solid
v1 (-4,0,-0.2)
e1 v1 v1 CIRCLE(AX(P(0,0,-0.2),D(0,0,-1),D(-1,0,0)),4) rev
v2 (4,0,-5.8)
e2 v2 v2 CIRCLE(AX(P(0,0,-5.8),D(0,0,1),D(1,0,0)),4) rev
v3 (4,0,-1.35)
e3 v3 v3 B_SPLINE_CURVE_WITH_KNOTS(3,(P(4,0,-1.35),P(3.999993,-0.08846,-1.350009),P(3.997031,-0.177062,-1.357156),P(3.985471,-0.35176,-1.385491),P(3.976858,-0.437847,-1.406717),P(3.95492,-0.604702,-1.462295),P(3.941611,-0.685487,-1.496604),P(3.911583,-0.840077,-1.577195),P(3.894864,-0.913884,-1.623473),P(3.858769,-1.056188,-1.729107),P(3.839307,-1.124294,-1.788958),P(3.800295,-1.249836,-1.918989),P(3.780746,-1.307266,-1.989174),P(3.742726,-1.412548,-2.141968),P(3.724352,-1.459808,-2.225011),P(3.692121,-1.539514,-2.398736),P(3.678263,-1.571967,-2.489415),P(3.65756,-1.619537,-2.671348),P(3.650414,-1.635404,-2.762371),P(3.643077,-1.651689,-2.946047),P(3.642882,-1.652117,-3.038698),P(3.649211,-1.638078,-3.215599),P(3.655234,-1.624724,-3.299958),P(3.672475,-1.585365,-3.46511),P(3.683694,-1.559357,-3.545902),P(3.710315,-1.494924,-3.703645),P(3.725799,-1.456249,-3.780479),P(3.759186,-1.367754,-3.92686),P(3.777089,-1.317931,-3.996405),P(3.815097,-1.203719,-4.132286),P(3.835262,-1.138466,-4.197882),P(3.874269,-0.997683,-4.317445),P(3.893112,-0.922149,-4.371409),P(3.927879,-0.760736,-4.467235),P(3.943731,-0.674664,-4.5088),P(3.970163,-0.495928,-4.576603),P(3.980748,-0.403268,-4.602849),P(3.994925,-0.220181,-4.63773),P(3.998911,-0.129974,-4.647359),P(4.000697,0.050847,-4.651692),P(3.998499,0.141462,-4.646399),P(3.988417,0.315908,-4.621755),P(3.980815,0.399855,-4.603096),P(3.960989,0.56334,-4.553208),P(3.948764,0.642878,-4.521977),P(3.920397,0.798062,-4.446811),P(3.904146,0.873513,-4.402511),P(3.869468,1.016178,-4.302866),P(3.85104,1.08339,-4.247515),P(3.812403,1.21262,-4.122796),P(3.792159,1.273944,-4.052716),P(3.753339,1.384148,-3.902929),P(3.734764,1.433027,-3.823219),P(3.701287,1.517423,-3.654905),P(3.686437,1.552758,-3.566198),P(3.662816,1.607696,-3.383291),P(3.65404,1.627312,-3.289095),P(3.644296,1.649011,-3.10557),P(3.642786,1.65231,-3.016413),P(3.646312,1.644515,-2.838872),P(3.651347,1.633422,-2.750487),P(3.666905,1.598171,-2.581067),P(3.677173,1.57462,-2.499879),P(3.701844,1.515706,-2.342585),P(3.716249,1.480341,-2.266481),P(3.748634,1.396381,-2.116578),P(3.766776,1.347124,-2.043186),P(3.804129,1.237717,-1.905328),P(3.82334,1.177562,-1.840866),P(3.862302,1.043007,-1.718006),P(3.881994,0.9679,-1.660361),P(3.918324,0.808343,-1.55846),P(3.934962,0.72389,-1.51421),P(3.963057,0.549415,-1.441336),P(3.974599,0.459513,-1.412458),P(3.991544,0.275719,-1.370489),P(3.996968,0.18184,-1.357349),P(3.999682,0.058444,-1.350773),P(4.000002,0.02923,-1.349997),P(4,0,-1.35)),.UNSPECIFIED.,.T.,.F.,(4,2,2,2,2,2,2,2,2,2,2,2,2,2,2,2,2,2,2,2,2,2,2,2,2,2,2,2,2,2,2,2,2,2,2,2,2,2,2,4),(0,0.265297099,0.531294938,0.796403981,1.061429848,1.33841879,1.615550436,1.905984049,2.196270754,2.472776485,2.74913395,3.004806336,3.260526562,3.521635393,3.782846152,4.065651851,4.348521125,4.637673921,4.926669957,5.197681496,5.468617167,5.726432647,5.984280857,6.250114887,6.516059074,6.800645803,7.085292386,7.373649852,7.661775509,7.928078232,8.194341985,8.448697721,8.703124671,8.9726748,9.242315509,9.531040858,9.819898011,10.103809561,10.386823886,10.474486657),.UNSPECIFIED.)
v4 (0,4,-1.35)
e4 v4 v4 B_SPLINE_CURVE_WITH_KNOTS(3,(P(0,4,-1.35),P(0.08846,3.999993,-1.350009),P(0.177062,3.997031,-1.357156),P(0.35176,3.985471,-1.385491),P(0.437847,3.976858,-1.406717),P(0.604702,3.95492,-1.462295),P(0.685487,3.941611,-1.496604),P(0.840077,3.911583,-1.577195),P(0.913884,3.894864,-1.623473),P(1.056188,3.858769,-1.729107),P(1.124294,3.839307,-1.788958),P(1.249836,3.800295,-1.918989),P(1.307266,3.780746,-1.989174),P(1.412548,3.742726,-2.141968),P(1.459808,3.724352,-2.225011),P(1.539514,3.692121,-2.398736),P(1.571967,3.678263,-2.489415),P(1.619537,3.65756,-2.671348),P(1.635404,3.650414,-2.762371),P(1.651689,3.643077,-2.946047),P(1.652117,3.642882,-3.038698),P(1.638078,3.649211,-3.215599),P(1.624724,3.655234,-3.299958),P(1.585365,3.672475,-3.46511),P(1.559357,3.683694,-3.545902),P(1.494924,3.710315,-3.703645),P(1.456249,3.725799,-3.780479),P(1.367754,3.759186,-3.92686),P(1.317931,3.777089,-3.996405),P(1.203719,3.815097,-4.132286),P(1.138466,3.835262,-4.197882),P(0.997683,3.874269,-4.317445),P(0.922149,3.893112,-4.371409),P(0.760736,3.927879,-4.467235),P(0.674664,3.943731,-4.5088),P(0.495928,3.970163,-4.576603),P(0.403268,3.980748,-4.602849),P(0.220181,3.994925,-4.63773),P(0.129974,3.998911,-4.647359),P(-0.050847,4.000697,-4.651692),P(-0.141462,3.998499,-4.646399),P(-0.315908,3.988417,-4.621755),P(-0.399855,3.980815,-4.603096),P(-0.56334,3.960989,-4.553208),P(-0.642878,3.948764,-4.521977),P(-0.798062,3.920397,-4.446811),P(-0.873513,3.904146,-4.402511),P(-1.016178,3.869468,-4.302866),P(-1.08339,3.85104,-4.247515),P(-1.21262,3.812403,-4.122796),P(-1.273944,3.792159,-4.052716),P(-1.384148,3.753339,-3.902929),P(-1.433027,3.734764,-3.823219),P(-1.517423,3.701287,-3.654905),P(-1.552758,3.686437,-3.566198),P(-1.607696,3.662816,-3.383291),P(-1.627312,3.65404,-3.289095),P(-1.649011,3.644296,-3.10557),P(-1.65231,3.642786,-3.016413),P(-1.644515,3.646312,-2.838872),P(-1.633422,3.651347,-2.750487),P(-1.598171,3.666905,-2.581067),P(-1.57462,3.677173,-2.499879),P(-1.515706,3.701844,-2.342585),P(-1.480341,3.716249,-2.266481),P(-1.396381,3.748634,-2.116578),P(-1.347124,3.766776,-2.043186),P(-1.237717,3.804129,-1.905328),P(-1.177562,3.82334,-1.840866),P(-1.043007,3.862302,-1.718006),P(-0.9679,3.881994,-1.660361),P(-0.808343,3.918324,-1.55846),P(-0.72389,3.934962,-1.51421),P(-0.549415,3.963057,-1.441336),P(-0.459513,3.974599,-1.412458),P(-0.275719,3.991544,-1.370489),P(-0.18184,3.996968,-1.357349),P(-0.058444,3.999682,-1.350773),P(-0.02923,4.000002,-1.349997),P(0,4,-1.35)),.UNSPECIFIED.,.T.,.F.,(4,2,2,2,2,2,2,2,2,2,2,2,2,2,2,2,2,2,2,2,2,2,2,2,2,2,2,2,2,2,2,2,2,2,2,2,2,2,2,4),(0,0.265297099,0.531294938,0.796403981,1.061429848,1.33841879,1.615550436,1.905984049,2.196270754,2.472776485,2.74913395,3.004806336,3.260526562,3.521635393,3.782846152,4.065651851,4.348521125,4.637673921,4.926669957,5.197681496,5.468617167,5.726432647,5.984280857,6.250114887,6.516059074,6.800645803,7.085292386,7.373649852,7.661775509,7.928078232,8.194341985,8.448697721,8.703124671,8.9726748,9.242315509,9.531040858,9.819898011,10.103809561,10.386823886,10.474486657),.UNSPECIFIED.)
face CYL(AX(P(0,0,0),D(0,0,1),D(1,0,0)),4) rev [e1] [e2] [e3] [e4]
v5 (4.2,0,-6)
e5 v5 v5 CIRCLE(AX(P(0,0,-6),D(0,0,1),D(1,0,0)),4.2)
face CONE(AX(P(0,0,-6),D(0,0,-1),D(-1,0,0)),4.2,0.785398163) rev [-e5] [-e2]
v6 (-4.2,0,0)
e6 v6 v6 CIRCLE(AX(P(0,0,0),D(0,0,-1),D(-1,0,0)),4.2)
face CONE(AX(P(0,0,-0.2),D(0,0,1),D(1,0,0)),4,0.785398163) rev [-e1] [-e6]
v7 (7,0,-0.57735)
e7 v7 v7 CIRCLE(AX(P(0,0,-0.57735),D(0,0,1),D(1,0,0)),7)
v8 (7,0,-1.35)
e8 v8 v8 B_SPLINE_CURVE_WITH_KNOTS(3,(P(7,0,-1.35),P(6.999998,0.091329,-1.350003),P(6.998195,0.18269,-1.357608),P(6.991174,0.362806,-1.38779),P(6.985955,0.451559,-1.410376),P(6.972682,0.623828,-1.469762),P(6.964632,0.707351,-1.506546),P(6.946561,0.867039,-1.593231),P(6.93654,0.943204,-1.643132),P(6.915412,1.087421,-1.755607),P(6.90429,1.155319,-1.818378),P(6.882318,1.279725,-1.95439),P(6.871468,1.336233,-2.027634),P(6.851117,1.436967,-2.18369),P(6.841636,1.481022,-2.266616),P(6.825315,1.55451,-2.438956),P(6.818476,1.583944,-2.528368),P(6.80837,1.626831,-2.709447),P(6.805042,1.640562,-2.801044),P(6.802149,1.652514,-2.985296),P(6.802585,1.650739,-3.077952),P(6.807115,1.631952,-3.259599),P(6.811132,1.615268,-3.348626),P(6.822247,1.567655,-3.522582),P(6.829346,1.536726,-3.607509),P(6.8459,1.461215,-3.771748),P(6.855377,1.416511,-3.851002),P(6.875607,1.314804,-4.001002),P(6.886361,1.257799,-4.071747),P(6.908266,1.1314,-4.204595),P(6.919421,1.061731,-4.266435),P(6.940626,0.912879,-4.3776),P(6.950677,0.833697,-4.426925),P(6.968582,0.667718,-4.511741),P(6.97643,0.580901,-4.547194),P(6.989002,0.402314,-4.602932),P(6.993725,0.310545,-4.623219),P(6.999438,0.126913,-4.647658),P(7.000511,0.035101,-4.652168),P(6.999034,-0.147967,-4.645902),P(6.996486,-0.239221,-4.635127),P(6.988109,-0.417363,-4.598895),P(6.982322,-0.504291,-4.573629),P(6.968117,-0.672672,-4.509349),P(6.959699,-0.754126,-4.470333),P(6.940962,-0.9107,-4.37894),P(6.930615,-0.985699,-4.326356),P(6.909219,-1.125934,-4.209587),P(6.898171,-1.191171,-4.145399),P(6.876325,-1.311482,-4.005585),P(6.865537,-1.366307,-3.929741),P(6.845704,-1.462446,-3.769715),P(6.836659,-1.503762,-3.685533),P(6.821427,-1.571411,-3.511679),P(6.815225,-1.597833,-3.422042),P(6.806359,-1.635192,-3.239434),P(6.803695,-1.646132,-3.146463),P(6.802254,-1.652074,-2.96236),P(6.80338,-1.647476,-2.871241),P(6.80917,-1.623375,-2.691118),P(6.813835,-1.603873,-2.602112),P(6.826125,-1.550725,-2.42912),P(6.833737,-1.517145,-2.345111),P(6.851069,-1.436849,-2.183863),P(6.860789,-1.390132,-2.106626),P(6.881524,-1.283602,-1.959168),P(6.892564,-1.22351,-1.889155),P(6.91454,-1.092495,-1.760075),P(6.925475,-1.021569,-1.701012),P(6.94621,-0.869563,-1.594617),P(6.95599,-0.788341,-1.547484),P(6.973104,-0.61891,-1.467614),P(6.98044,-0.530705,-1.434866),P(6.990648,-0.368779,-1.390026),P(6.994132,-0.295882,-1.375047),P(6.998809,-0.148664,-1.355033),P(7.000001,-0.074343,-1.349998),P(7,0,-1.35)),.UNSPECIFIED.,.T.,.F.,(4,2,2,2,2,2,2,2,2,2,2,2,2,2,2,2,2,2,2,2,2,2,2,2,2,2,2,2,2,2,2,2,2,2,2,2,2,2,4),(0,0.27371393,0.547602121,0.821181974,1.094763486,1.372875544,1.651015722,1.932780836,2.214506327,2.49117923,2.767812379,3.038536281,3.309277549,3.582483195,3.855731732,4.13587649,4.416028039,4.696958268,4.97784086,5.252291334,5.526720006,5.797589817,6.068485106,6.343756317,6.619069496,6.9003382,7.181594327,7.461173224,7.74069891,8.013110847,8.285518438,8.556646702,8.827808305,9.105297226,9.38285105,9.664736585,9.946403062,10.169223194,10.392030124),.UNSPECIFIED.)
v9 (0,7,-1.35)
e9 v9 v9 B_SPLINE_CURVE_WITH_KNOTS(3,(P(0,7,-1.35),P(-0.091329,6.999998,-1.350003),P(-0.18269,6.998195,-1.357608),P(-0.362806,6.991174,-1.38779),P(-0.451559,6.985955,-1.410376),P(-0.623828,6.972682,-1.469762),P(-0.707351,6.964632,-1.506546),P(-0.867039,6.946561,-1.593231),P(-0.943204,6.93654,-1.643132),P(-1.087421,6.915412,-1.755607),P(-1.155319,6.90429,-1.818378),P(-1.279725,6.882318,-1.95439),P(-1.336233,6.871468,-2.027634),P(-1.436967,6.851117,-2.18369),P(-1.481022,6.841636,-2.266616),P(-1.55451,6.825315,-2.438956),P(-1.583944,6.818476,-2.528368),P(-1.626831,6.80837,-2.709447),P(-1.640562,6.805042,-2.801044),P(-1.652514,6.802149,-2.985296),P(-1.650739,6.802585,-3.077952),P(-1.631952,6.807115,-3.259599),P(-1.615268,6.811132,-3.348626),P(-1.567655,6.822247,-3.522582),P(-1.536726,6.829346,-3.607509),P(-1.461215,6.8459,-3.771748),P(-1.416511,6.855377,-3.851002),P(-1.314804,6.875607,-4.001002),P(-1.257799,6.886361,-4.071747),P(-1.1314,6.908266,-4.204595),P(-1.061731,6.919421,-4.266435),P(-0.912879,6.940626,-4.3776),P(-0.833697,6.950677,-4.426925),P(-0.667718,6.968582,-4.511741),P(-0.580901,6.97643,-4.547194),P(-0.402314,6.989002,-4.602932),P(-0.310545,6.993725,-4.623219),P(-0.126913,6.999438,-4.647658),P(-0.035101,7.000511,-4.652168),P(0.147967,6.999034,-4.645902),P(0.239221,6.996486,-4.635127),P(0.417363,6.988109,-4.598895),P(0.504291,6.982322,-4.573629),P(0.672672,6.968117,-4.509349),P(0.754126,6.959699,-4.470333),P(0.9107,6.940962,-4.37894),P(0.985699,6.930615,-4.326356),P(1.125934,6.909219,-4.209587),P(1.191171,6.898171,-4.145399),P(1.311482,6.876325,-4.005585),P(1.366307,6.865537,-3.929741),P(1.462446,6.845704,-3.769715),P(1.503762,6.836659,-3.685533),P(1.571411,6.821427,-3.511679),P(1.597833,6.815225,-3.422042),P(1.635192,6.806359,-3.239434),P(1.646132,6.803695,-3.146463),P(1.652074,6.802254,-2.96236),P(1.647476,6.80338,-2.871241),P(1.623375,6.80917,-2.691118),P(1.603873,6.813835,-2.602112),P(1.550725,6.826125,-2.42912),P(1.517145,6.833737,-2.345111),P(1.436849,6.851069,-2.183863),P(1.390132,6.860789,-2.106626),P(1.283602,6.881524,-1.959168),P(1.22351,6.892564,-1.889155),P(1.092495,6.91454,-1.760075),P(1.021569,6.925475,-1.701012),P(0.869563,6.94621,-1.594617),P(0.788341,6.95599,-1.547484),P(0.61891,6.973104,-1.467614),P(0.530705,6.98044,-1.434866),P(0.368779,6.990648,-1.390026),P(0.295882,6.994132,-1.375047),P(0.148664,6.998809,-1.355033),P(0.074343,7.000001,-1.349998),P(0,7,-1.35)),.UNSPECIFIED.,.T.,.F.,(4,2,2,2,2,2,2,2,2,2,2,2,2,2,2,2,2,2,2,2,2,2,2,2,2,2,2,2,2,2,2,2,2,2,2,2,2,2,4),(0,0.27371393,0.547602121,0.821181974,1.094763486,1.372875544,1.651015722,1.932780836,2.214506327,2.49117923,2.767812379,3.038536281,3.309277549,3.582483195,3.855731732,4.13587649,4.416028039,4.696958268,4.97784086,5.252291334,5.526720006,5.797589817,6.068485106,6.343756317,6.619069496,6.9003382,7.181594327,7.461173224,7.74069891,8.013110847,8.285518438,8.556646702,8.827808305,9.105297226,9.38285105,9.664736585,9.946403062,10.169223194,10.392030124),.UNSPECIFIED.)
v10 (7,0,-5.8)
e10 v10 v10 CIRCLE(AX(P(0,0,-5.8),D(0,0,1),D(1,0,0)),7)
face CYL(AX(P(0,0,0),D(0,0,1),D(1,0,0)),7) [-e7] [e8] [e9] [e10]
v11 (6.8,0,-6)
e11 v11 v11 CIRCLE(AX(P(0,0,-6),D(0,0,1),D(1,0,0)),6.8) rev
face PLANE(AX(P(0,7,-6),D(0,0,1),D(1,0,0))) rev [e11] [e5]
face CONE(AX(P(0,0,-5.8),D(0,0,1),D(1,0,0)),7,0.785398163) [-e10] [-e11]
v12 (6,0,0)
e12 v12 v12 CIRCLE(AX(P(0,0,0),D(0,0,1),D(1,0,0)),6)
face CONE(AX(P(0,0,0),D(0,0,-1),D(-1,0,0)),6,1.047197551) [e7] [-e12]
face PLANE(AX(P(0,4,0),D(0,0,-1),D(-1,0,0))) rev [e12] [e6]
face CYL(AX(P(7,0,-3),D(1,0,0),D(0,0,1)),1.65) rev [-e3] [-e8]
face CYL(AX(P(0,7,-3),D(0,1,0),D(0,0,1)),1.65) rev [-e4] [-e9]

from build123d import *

# Parameters (mm, degrees)
SKETCH1_W           = 6
SKETCH1_H           = 3
TAPPED_HOLE1_REACH  = 18.763
TAPPED_HOLE1_BORE_R = 1.65
CIRPATTERN1_COUNT   = 2
CIRPATTERN1_ANGLE   = 90
CHAMFER1_SIZE       = 0.2


with BuildPart() as part:
    # Sketch1 → Revolve1 (revolve)
    with BuildSketch(Plane(origin=(0, 0, 0), x_dir=(0, 0, -1), z_dir=(1, 0, 0)), mode=Mode.PRIVATE) as revolve1_sk:
        with Locations((3, 5.5)):
            Rectangle(SKETCH1_W, SKETCH1_H)
    revolve(revolve1_sk.sketch.rotate(Axis((0, 0, 0), (0, 0, -1)), 90), axis=Axis((0, 0, 0), (0, 0, -1)))

    # Tapped Hole1 bore → Tapped Hole1 (cut, up to next)
    with BuildSketch(Plane(origin=(0, 7, 0), x_dir=(1, 0, 0), z_dir=(0, 1, 0)), mode=Mode.PRIVATE) as tapped_hole1_sk1:
        with Locations((0, 3)):
            Circle(TAPPED_HOLE1_BORE_R)
    tapped_hole1_tool1 = extrude(tapped_hole1_sk1.sketch, amount=-TAPPED_HOLE1_REACH, mode=Mode.PRIVATE) & part.part
    tapped_hole1 = tapped_hole1_tool1.solids().sort_by_distance((0, 7, -3))[0]
    add(tapped_hole1, mode=Mode.SUBTRACT)

    # CirPattern1: Tapped Hole1 ×2 about axis
    cirpattern1_axis = Axis((0, 0, 0), (0, 0, -1))
    for i in range(1, CIRPATTERN1_COUNT):
        add(tapped_hole1.rotate(cirpattern1_axis, i * CIRPATTERN1_ANGLE / (CIRPATTERN1_COUNT - 1)), mode=Mode.SUBTRACT)

    # Chamfer1
    chamfer1_edges = [part.edges().sort_by_distance(p)[0] for p in [
        (-4, 0, -6),
        (-4, 0, 0),
        (-7, 0, -6),
    ]]
    chamfer(chamfer1_edges, length=CHAMFER1_SIZE)

    # Sketch4 → Cut-Revolve1 (revolve, cut)
    with BuildSketch(Plane(origin=(0, 0, 0), x_dir=(0, 0, -1), z_dir=(1, 0, 0)), mode=Mode.PRIVATE) as cut_revolve1_sk:
        Polygon((0.577350269, 7), (0, 6), (0, 7), align=None)
    revolve(cut_revolve1_sk.sketch.rotate(Axis((0, 0, 0), (0, 0, -1)), 90), axis=Axis((0, 0, 0), (0, 0, -1)), mode=Mode.SUBTRACT)


solid = part.part
